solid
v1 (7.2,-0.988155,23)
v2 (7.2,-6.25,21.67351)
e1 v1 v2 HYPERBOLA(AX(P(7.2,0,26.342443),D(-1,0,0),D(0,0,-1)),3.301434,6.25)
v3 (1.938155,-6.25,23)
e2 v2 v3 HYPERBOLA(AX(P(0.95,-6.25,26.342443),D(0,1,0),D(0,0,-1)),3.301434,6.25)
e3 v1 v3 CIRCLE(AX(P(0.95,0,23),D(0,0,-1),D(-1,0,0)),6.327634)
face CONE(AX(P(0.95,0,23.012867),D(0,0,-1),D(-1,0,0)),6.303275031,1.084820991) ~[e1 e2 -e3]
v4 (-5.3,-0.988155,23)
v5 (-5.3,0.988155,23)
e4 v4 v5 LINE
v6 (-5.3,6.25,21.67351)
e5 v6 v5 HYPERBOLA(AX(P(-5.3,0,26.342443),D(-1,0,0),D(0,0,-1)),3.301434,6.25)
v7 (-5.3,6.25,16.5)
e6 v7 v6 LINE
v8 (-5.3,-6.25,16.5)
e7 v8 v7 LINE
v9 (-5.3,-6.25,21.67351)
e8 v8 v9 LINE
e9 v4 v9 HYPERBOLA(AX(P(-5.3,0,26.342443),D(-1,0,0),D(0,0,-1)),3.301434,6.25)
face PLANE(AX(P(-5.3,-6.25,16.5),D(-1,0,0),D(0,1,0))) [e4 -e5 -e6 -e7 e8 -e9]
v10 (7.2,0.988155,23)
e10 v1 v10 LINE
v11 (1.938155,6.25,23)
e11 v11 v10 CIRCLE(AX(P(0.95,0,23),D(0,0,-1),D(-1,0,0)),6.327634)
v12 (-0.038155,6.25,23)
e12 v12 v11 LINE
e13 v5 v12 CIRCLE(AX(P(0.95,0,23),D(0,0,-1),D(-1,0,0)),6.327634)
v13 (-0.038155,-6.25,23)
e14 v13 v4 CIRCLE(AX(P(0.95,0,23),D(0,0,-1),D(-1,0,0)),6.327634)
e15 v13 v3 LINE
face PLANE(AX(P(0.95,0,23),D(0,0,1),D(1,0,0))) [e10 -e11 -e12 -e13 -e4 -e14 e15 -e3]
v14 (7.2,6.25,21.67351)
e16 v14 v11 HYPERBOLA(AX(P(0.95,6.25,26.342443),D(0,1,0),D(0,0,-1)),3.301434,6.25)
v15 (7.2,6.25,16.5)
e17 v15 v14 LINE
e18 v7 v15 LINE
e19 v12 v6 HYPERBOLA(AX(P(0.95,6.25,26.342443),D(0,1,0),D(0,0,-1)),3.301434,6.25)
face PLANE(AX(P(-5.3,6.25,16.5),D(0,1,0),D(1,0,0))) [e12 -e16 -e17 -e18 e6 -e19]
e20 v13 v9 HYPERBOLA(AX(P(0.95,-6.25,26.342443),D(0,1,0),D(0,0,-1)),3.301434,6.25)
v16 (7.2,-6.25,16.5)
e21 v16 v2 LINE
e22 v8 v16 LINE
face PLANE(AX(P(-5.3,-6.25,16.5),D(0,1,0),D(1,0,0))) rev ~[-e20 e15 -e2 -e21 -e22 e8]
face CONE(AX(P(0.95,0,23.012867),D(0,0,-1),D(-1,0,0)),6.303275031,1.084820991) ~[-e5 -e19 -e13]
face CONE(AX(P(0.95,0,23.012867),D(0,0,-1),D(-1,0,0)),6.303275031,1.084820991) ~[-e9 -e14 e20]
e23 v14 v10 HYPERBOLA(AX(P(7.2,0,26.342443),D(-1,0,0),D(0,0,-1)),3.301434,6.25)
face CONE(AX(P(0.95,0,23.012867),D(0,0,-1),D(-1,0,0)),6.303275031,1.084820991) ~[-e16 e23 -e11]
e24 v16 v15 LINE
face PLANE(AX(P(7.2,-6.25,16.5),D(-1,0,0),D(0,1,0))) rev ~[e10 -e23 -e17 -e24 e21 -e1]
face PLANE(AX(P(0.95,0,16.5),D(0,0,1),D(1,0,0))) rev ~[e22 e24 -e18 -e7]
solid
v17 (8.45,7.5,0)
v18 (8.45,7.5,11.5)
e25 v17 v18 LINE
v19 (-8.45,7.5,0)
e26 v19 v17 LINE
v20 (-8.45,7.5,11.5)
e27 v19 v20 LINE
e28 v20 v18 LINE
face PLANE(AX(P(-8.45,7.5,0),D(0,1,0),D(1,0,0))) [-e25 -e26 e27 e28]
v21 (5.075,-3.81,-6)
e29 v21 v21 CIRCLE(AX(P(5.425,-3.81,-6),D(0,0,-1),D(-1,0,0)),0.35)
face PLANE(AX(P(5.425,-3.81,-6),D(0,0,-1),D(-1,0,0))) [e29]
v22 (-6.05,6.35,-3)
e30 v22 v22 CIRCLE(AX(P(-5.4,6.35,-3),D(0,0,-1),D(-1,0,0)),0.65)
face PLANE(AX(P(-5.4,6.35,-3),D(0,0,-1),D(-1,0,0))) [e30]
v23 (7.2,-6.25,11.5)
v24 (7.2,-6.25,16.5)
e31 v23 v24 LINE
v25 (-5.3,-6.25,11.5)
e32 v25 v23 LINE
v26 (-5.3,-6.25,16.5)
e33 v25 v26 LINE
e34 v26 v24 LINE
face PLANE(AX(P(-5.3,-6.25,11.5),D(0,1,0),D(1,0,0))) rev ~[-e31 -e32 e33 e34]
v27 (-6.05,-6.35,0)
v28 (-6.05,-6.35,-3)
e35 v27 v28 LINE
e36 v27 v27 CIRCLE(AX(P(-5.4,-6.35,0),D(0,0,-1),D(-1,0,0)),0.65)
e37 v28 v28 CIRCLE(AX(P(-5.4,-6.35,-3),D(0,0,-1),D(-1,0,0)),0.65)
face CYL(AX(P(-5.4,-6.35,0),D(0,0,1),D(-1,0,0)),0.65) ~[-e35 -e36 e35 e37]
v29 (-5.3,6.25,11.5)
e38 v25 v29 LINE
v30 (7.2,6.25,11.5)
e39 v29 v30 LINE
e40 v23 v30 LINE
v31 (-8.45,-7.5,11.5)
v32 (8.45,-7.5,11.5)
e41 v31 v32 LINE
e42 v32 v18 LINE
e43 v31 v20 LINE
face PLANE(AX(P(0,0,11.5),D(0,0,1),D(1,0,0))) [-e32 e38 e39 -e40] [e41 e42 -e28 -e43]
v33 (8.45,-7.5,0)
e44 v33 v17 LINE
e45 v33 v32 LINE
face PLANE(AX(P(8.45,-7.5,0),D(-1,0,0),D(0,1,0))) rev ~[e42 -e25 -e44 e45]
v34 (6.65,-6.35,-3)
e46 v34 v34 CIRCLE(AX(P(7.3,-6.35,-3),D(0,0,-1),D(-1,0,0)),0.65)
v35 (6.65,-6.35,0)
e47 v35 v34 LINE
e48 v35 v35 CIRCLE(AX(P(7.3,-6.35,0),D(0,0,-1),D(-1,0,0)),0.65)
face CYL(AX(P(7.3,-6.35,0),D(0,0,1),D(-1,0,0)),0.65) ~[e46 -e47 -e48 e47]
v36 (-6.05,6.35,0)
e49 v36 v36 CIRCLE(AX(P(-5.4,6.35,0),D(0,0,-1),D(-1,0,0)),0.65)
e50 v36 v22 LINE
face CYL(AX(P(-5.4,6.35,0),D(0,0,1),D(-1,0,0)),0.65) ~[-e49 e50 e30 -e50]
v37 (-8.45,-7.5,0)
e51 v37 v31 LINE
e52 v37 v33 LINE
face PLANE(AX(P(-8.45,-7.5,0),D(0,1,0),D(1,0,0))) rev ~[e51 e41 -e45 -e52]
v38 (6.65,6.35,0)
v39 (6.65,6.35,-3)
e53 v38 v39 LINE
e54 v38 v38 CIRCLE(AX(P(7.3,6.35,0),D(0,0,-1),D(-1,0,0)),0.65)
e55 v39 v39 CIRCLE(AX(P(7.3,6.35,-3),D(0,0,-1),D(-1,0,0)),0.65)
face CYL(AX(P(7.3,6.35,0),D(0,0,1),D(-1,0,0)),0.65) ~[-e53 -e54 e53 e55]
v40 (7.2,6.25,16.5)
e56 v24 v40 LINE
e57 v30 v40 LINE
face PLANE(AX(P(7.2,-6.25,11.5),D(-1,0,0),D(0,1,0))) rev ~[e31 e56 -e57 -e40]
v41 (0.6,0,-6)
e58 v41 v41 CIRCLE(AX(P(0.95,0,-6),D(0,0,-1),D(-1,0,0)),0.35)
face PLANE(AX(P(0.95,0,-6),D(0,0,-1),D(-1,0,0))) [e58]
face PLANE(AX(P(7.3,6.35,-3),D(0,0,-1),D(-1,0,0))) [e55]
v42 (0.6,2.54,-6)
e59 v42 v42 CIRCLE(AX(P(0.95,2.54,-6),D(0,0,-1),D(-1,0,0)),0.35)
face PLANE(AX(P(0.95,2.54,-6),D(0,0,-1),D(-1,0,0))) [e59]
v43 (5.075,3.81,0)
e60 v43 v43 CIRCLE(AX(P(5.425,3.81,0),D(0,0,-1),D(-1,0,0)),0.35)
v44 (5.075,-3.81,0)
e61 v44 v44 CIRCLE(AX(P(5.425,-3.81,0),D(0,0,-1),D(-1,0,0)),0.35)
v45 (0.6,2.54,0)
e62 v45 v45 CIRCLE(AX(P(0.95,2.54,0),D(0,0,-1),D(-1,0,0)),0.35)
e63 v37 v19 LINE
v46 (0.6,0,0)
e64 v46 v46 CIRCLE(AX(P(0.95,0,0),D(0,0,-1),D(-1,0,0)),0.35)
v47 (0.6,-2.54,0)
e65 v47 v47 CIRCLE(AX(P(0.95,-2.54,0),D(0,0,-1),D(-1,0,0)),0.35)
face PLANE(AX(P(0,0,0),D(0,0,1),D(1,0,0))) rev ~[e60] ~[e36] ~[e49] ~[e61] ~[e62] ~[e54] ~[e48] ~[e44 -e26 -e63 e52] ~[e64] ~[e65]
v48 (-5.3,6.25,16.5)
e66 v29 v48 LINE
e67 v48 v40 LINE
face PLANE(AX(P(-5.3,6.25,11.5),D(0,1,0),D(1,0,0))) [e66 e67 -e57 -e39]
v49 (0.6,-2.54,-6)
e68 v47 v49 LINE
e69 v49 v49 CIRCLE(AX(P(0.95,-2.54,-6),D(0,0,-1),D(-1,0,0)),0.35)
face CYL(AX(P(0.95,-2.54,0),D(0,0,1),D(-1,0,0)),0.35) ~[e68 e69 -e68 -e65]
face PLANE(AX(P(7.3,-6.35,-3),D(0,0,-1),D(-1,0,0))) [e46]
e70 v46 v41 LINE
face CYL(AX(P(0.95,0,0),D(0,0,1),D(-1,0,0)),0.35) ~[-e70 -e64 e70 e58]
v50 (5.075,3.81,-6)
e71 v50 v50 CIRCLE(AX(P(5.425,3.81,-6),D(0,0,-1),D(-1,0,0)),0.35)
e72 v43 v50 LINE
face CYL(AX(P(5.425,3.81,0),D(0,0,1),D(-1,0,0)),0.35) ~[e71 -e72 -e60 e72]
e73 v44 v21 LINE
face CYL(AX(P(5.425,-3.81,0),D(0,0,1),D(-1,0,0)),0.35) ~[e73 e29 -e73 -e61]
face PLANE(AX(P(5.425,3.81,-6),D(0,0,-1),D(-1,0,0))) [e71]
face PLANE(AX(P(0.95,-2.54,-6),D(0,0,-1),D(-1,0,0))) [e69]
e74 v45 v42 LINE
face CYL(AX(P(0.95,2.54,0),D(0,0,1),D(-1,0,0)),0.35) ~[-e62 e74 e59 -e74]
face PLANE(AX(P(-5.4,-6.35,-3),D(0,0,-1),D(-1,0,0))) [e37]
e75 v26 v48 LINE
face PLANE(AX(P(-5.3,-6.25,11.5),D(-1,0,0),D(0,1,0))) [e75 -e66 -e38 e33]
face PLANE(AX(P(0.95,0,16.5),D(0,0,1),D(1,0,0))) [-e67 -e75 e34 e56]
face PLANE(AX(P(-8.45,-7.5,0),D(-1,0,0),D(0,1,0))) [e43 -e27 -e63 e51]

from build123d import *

# Parameters (mm, degrees)
SKETCH1_W           = 16.9
SKETCH1_H           = 15
BOSS_EXTRUDE1_DEPTH = 11.5
SKETCH3_R           = 0.65
BOSS_EXTRUDE2_DEPTH = 3
SKETCH3_3_R         = 0.35
BOSS_EXTRUDE3_DEPTH = 6
SKETCH6_W           = 12.5
SKETCH6_H           = 12.5
BOSS_EXTRUDE4_DEPTH = 5
SKETCH7_W           = 12.5
SKETCH7_H           = 12.5
BOSS_EXTRUDE5_DEPTH = 6.5


with BuildPart() as part:
    # Sketch1 → Boss-Extrude1 (new body)
    with BuildSketch(Plane.XY):
        Rectangle(SKETCH1_W, SKETCH1_H)
    extrude(amount=BOSS_EXTRUDE1_DEPTH)

    # Sketch3 → Boss-Extrude2 (add)
    with BuildSketch(Plane(origin=(0, 0, 0), x_dir=(-1, 0, 0), z_dir=(0, 0, -1))):
        with Locations((5.4, 6.35)):
            Circle(SKETCH3_R)
        with Locations((5.4, -6.35)):
            Circle(SKETCH3_R)
        with Locations((-7.3, -6.35)):
            Circle(SKETCH3_R)
        with Locations((-7.3, 6.35)):
            Circle(SKETCH3_R)
    extrude(amount=BOSS_EXTRUDE2_DEPTH)

    # Sketch3<3> → Boss-Extrude3 (add)
    with BuildSketch(Plane(origin=(0, 0, 0), x_dir=(-1, 0, 0), z_dir=(0, 0, -1))):
        with Locations((-5.425, 3.81)):
            Circle(SKETCH3_3_R)
        with Locations((-0.95, 2.54)):
            Circle(SKETCH3_3_R)
        with Locations((-0.95, -2.54)):
            Circle(SKETCH3_3_R)
        with Locations((-5.425, -3.81)):
            Circle(SKETCH3_3_R)
        with Locations((-0.95, 0)):
            Circle(SKETCH3_3_R)
    extrude(amount=BOSS_EXTRUDE3_DEPTH)

    # Sketch6 → Boss-Extrude4 (add)
    with BuildSketch(Plane.XY.offset(11.5)):
        with Locations((0.95, 0)):
            Rectangle(SKETCH6_W, SKETCH6_H)
    extrude(amount=BOSS_EXTRUDE4_DEPTH)


with BuildPart() as body_2:
    # Sketch7 → Boss-Extrude5 (new body)
    with BuildSketch(Plane.XY.offset(16.5)):
        with Locations((0.95, 0)):
            Rectangle(SKETCH7_W, SKETCH7_H)
    extrude(amount=BOSS_EXTRUDE5_DEPTH)

    # Sketch9 → Cut-Revolve1 (revolve, cut)
    with BuildSketch(Plane(origin=(0, 0, 0), x_dir=(1, 0, 0), z_dir=(0, 1, 0))):
        Polygon((-5.353275031, -23.012867052), (-10.018917376, -20.548337131), (-10.618952059, -23.756705478), align=None)
    revolve(axis=Axis((0.95, 0, 16.175), (0, 0, 1)), mode=Mode.SUBTRACT)


solid = Compound([part.part, body_2.part])
